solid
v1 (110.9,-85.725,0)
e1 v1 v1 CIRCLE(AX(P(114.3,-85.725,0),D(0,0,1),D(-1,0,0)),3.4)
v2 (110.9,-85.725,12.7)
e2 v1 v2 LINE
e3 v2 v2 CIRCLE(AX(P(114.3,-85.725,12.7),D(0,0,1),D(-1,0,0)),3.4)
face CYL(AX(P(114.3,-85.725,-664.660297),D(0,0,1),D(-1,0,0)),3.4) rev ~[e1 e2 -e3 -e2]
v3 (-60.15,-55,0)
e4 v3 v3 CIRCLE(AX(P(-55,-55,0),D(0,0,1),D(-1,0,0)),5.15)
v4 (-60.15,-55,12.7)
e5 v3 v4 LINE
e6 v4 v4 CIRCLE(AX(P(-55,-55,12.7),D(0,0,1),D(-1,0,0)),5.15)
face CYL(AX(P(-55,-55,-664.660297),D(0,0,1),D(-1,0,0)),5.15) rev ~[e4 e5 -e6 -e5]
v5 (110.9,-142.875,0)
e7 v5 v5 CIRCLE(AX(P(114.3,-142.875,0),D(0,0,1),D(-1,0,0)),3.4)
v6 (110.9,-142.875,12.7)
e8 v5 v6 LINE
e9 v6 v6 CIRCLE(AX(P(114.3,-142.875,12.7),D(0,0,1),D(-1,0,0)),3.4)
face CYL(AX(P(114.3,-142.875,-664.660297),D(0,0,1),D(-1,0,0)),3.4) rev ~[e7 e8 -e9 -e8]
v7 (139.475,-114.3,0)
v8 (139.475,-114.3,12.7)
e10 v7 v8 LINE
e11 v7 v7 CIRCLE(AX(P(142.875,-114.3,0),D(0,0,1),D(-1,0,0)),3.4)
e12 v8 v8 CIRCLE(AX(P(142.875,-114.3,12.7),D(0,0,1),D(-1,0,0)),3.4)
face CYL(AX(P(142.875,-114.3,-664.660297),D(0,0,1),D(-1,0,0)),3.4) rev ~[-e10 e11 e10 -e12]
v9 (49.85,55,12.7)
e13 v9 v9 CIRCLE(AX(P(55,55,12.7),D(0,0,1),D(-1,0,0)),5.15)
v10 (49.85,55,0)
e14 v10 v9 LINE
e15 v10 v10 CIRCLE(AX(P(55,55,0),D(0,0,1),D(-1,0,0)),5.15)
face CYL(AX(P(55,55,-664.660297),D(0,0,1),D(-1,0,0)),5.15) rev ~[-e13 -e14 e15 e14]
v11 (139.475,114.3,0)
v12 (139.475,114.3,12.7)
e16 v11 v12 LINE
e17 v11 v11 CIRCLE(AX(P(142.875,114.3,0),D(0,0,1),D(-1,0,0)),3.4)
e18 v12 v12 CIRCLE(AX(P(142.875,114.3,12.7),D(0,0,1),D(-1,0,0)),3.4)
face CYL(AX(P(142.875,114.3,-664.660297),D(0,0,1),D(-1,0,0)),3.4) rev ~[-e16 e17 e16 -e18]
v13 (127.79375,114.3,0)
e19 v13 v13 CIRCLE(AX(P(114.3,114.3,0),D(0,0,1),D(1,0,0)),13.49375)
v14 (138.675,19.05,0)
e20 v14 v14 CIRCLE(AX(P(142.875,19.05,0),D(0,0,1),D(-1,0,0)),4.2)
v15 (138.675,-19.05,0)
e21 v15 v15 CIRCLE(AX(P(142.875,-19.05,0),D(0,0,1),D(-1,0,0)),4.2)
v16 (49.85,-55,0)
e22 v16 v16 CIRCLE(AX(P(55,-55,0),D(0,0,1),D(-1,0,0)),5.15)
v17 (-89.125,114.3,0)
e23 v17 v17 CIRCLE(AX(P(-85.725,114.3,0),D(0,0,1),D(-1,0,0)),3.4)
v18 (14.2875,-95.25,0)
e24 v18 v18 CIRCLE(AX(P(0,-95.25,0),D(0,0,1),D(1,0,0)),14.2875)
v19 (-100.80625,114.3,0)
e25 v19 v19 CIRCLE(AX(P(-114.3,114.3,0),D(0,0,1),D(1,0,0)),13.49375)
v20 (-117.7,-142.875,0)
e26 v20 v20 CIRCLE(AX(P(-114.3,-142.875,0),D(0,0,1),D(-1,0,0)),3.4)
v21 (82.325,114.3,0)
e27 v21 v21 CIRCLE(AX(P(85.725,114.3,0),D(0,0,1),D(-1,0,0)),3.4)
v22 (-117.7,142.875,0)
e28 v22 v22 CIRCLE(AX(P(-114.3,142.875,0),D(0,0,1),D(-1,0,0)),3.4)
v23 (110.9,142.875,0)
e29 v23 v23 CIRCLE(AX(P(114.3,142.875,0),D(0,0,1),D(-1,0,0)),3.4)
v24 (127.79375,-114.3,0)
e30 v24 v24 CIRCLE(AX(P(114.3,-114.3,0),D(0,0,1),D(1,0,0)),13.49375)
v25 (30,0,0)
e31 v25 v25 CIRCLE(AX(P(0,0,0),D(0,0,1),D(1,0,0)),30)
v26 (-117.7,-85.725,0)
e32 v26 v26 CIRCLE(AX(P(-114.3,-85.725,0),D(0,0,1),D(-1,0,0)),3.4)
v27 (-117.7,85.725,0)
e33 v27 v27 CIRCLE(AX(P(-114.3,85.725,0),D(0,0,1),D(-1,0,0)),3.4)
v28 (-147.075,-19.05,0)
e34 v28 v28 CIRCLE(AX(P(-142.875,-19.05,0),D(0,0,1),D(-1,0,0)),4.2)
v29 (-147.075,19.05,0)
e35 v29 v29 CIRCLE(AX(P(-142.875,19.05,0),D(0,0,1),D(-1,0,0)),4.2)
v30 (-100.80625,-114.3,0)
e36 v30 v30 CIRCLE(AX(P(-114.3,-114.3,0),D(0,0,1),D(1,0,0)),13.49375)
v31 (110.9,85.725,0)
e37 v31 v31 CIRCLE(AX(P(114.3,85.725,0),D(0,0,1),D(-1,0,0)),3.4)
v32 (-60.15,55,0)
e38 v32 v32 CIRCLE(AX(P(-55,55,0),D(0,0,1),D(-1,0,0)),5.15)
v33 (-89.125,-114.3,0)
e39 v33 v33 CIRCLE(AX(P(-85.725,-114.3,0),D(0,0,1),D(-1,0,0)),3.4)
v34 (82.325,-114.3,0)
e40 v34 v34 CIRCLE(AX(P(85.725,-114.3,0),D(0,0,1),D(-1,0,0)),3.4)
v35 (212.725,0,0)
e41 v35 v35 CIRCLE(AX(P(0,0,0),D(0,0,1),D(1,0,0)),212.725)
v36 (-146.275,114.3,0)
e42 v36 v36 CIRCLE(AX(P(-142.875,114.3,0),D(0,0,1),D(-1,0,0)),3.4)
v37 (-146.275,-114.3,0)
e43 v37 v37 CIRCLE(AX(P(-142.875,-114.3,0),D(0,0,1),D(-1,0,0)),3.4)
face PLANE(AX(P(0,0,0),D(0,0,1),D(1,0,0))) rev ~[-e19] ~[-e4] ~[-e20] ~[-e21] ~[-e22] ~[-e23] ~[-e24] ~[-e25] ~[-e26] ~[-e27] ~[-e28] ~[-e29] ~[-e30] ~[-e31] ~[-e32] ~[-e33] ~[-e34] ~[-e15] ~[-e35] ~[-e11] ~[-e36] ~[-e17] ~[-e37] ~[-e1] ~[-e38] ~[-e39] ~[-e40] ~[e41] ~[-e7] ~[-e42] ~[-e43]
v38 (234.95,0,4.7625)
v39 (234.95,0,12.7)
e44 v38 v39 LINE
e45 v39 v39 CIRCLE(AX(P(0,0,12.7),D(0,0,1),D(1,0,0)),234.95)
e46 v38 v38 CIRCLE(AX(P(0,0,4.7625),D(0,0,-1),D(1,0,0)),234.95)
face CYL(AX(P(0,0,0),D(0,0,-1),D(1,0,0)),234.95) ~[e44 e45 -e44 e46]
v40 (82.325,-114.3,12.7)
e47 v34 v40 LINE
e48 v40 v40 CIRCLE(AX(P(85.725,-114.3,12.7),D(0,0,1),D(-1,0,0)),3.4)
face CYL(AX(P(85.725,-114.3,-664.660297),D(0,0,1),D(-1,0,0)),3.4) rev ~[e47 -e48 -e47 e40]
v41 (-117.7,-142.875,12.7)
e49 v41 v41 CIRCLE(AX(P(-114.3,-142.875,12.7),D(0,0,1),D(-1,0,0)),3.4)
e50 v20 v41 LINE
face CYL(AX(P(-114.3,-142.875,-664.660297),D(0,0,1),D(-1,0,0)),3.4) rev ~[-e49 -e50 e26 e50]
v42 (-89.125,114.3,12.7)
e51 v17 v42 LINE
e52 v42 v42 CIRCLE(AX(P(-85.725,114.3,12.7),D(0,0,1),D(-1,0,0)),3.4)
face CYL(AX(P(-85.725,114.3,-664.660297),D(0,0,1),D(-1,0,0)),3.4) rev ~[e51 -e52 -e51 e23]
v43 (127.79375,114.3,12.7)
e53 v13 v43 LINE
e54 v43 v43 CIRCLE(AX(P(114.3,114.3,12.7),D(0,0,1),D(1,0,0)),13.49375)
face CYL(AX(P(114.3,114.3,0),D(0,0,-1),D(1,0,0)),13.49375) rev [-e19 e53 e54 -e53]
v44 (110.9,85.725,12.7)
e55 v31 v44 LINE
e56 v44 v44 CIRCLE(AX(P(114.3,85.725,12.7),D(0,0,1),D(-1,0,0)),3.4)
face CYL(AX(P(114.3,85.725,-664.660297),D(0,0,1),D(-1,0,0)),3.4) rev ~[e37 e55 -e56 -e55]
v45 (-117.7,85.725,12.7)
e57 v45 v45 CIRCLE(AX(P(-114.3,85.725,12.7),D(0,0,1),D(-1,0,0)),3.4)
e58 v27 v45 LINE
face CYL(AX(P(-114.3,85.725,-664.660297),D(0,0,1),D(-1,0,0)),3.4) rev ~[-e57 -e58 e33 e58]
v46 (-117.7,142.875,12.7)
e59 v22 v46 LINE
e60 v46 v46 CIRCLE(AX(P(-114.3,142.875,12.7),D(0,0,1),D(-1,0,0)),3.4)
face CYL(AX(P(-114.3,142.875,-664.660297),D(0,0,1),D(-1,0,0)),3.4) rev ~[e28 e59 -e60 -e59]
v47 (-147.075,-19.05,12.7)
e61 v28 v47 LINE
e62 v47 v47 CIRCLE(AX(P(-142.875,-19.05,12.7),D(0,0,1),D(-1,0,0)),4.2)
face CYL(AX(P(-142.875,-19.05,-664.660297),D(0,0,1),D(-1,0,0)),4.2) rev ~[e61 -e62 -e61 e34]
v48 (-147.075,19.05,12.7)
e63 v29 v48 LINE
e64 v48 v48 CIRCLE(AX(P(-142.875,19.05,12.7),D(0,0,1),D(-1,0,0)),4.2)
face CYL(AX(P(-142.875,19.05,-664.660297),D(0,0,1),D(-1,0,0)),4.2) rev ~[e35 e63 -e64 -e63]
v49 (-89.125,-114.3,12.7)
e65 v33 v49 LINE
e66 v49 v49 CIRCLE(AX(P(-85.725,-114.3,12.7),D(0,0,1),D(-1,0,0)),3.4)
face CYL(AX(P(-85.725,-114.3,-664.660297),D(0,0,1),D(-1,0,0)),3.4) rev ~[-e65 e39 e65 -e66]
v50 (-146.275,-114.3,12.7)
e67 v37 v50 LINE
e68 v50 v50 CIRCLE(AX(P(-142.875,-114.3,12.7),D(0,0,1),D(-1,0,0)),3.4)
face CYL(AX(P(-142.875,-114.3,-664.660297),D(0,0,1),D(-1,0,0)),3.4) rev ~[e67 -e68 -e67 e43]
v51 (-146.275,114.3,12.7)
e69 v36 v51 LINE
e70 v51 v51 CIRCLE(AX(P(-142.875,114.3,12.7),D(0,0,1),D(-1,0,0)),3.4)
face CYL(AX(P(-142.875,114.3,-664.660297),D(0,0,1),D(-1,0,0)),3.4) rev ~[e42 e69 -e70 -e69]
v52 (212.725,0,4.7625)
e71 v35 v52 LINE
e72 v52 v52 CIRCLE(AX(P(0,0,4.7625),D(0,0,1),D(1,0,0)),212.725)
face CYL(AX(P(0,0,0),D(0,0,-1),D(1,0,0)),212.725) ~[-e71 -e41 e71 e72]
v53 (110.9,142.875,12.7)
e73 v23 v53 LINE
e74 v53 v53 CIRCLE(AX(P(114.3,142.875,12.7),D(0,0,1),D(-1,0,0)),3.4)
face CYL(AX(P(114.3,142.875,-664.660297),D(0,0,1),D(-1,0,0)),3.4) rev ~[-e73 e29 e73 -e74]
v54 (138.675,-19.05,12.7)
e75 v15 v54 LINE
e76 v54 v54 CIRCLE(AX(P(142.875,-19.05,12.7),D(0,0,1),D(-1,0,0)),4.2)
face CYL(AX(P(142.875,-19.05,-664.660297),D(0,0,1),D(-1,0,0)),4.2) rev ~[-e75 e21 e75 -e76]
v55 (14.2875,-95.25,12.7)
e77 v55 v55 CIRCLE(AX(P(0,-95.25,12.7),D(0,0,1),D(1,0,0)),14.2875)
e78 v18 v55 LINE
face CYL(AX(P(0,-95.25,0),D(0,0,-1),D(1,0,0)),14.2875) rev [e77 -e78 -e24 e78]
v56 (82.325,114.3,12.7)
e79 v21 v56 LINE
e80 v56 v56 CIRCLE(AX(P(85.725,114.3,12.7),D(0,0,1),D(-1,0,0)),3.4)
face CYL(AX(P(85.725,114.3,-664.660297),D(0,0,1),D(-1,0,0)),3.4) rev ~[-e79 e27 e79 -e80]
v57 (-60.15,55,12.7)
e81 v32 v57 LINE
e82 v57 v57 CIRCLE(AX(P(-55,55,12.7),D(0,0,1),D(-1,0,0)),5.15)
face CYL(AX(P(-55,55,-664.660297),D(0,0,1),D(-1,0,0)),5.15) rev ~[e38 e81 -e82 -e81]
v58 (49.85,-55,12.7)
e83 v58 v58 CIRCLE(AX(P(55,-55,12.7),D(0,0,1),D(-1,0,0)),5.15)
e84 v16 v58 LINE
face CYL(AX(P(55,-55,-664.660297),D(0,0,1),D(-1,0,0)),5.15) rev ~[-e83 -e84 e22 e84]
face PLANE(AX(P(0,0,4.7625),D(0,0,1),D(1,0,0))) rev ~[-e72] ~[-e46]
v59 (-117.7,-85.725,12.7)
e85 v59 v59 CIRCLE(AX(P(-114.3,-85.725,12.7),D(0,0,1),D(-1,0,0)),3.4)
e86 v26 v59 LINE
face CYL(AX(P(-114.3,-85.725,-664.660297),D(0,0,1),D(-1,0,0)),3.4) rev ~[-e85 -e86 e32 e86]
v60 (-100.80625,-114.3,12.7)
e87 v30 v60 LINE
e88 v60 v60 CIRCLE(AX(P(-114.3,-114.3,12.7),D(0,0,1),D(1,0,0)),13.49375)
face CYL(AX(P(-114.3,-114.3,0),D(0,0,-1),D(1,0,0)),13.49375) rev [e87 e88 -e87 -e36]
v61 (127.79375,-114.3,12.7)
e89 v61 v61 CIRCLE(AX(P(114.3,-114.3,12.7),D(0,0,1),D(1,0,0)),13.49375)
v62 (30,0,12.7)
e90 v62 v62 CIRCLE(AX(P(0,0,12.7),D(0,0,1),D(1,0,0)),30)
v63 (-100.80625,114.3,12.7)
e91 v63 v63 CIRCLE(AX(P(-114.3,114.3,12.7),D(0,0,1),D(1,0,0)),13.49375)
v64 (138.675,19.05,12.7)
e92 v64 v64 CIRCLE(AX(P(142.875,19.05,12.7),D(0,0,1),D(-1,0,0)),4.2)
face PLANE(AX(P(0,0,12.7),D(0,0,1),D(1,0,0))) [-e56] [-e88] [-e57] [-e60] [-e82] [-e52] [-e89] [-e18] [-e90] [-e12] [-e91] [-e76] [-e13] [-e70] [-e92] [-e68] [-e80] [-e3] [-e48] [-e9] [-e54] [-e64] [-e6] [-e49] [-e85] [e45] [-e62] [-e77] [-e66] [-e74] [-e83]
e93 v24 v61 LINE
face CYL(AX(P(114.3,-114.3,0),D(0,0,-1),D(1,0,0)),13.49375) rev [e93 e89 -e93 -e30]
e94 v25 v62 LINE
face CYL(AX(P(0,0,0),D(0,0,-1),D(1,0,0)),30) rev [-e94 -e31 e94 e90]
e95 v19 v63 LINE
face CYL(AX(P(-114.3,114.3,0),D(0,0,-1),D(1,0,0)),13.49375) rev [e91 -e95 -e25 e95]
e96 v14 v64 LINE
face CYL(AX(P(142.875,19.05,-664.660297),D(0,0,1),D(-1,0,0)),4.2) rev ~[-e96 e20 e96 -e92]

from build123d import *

# Parameters (mm, degrees)
F0_R     = 234.95
F0_R_2   = 13.49375
F0_R_3   = 14.2875
F0_R_4   = 30
F1_DEPTH = 12.7
F2_D     = 6.8
F3_D     = 8.4
F4_D     = 10.3
F5_R     = 295.3741287218
F5_R_2   = 212.725
F6_DEPTH = 4.7625


with BuildPart() as f1:
    # F0 (on Top) → F1 (new body)
    with BuildSketch(Plane.XY):
        Circle(F0_R)
        with Locations((-114.3, -114.3)):
            Circle(F0_R_2, mode=Mode.SUBTRACT)
        with Locations((0, -95.25)):
            Circle(F0_R_3, mode=Mode.SUBTRACT)
        with Locations((114.3, -114.3)):
            Circle(F0_R_2, mode=Mode.SUBTRACT)
        with Locations((-114.3, 114.3)):
            Circle(F0_R_2, mode=Mode.SUBTRACT)
        Circle(F0_R_4, mode=Mode.SUBTRACT)
        with Locations((114.3, 114.3)):
            Circle(F0_R_2, mode=Mode.SUBTRACT)
    extrude(amount=F1_DEPTH)

    # F2 (through all)
    with Locations(Plane(origin=(0, 0, 0), x_dir=(1, 0, 0), z_dir=(0, 0, -1))):
        with Locations((-114.3, 85.725), (-85.725, 114.3), (-142.875, 114.3), (-114.3, 142.875), (-142.875, -114.3), (-114.3, -142.875), (-85.725, -114.3), (-114.3, -85.725), (114.3, -142.875), (142.875, -114.3), (85.725, -114.3), (114.3, -85.725), (85.725, 114.3), (114.3, 85.725), (142.875, 114.3), (114.3, 142.875)):
            Hole(F2_D / 2)

    # F3 (through all)
    with Locations(Plane(origin=(0, 0, 0), x_dir=(1, 0, 0), z_dir=(0, 0, -1))):
        with Locations((-142.875, 19.05), (-142.875, -19.05), (142.875, -19.05), (142.875, 19.05)):
            Hole(F3_D / 2)

    # F4 (through all)
    with Locations(Plane(origin=(0, 0, 0), x_dir=(1, 0, 0), z_dir=(0, 0, -1))):
        with Locations((-55, 55), (-55, -55), (55, -55), (55, 55)):
            Hole(F4_D / 2)

    # F5 (on face) → F6 (cut)
    with BuildSketch(Plane.XY):
        Circle(F5_R)
        Circle(F5_R_2, mode=Mode.SUBTRACT)
    extrude(amount=F6_DEPTH, mode=Mode.SUBTRACT)


solid = f1.part
